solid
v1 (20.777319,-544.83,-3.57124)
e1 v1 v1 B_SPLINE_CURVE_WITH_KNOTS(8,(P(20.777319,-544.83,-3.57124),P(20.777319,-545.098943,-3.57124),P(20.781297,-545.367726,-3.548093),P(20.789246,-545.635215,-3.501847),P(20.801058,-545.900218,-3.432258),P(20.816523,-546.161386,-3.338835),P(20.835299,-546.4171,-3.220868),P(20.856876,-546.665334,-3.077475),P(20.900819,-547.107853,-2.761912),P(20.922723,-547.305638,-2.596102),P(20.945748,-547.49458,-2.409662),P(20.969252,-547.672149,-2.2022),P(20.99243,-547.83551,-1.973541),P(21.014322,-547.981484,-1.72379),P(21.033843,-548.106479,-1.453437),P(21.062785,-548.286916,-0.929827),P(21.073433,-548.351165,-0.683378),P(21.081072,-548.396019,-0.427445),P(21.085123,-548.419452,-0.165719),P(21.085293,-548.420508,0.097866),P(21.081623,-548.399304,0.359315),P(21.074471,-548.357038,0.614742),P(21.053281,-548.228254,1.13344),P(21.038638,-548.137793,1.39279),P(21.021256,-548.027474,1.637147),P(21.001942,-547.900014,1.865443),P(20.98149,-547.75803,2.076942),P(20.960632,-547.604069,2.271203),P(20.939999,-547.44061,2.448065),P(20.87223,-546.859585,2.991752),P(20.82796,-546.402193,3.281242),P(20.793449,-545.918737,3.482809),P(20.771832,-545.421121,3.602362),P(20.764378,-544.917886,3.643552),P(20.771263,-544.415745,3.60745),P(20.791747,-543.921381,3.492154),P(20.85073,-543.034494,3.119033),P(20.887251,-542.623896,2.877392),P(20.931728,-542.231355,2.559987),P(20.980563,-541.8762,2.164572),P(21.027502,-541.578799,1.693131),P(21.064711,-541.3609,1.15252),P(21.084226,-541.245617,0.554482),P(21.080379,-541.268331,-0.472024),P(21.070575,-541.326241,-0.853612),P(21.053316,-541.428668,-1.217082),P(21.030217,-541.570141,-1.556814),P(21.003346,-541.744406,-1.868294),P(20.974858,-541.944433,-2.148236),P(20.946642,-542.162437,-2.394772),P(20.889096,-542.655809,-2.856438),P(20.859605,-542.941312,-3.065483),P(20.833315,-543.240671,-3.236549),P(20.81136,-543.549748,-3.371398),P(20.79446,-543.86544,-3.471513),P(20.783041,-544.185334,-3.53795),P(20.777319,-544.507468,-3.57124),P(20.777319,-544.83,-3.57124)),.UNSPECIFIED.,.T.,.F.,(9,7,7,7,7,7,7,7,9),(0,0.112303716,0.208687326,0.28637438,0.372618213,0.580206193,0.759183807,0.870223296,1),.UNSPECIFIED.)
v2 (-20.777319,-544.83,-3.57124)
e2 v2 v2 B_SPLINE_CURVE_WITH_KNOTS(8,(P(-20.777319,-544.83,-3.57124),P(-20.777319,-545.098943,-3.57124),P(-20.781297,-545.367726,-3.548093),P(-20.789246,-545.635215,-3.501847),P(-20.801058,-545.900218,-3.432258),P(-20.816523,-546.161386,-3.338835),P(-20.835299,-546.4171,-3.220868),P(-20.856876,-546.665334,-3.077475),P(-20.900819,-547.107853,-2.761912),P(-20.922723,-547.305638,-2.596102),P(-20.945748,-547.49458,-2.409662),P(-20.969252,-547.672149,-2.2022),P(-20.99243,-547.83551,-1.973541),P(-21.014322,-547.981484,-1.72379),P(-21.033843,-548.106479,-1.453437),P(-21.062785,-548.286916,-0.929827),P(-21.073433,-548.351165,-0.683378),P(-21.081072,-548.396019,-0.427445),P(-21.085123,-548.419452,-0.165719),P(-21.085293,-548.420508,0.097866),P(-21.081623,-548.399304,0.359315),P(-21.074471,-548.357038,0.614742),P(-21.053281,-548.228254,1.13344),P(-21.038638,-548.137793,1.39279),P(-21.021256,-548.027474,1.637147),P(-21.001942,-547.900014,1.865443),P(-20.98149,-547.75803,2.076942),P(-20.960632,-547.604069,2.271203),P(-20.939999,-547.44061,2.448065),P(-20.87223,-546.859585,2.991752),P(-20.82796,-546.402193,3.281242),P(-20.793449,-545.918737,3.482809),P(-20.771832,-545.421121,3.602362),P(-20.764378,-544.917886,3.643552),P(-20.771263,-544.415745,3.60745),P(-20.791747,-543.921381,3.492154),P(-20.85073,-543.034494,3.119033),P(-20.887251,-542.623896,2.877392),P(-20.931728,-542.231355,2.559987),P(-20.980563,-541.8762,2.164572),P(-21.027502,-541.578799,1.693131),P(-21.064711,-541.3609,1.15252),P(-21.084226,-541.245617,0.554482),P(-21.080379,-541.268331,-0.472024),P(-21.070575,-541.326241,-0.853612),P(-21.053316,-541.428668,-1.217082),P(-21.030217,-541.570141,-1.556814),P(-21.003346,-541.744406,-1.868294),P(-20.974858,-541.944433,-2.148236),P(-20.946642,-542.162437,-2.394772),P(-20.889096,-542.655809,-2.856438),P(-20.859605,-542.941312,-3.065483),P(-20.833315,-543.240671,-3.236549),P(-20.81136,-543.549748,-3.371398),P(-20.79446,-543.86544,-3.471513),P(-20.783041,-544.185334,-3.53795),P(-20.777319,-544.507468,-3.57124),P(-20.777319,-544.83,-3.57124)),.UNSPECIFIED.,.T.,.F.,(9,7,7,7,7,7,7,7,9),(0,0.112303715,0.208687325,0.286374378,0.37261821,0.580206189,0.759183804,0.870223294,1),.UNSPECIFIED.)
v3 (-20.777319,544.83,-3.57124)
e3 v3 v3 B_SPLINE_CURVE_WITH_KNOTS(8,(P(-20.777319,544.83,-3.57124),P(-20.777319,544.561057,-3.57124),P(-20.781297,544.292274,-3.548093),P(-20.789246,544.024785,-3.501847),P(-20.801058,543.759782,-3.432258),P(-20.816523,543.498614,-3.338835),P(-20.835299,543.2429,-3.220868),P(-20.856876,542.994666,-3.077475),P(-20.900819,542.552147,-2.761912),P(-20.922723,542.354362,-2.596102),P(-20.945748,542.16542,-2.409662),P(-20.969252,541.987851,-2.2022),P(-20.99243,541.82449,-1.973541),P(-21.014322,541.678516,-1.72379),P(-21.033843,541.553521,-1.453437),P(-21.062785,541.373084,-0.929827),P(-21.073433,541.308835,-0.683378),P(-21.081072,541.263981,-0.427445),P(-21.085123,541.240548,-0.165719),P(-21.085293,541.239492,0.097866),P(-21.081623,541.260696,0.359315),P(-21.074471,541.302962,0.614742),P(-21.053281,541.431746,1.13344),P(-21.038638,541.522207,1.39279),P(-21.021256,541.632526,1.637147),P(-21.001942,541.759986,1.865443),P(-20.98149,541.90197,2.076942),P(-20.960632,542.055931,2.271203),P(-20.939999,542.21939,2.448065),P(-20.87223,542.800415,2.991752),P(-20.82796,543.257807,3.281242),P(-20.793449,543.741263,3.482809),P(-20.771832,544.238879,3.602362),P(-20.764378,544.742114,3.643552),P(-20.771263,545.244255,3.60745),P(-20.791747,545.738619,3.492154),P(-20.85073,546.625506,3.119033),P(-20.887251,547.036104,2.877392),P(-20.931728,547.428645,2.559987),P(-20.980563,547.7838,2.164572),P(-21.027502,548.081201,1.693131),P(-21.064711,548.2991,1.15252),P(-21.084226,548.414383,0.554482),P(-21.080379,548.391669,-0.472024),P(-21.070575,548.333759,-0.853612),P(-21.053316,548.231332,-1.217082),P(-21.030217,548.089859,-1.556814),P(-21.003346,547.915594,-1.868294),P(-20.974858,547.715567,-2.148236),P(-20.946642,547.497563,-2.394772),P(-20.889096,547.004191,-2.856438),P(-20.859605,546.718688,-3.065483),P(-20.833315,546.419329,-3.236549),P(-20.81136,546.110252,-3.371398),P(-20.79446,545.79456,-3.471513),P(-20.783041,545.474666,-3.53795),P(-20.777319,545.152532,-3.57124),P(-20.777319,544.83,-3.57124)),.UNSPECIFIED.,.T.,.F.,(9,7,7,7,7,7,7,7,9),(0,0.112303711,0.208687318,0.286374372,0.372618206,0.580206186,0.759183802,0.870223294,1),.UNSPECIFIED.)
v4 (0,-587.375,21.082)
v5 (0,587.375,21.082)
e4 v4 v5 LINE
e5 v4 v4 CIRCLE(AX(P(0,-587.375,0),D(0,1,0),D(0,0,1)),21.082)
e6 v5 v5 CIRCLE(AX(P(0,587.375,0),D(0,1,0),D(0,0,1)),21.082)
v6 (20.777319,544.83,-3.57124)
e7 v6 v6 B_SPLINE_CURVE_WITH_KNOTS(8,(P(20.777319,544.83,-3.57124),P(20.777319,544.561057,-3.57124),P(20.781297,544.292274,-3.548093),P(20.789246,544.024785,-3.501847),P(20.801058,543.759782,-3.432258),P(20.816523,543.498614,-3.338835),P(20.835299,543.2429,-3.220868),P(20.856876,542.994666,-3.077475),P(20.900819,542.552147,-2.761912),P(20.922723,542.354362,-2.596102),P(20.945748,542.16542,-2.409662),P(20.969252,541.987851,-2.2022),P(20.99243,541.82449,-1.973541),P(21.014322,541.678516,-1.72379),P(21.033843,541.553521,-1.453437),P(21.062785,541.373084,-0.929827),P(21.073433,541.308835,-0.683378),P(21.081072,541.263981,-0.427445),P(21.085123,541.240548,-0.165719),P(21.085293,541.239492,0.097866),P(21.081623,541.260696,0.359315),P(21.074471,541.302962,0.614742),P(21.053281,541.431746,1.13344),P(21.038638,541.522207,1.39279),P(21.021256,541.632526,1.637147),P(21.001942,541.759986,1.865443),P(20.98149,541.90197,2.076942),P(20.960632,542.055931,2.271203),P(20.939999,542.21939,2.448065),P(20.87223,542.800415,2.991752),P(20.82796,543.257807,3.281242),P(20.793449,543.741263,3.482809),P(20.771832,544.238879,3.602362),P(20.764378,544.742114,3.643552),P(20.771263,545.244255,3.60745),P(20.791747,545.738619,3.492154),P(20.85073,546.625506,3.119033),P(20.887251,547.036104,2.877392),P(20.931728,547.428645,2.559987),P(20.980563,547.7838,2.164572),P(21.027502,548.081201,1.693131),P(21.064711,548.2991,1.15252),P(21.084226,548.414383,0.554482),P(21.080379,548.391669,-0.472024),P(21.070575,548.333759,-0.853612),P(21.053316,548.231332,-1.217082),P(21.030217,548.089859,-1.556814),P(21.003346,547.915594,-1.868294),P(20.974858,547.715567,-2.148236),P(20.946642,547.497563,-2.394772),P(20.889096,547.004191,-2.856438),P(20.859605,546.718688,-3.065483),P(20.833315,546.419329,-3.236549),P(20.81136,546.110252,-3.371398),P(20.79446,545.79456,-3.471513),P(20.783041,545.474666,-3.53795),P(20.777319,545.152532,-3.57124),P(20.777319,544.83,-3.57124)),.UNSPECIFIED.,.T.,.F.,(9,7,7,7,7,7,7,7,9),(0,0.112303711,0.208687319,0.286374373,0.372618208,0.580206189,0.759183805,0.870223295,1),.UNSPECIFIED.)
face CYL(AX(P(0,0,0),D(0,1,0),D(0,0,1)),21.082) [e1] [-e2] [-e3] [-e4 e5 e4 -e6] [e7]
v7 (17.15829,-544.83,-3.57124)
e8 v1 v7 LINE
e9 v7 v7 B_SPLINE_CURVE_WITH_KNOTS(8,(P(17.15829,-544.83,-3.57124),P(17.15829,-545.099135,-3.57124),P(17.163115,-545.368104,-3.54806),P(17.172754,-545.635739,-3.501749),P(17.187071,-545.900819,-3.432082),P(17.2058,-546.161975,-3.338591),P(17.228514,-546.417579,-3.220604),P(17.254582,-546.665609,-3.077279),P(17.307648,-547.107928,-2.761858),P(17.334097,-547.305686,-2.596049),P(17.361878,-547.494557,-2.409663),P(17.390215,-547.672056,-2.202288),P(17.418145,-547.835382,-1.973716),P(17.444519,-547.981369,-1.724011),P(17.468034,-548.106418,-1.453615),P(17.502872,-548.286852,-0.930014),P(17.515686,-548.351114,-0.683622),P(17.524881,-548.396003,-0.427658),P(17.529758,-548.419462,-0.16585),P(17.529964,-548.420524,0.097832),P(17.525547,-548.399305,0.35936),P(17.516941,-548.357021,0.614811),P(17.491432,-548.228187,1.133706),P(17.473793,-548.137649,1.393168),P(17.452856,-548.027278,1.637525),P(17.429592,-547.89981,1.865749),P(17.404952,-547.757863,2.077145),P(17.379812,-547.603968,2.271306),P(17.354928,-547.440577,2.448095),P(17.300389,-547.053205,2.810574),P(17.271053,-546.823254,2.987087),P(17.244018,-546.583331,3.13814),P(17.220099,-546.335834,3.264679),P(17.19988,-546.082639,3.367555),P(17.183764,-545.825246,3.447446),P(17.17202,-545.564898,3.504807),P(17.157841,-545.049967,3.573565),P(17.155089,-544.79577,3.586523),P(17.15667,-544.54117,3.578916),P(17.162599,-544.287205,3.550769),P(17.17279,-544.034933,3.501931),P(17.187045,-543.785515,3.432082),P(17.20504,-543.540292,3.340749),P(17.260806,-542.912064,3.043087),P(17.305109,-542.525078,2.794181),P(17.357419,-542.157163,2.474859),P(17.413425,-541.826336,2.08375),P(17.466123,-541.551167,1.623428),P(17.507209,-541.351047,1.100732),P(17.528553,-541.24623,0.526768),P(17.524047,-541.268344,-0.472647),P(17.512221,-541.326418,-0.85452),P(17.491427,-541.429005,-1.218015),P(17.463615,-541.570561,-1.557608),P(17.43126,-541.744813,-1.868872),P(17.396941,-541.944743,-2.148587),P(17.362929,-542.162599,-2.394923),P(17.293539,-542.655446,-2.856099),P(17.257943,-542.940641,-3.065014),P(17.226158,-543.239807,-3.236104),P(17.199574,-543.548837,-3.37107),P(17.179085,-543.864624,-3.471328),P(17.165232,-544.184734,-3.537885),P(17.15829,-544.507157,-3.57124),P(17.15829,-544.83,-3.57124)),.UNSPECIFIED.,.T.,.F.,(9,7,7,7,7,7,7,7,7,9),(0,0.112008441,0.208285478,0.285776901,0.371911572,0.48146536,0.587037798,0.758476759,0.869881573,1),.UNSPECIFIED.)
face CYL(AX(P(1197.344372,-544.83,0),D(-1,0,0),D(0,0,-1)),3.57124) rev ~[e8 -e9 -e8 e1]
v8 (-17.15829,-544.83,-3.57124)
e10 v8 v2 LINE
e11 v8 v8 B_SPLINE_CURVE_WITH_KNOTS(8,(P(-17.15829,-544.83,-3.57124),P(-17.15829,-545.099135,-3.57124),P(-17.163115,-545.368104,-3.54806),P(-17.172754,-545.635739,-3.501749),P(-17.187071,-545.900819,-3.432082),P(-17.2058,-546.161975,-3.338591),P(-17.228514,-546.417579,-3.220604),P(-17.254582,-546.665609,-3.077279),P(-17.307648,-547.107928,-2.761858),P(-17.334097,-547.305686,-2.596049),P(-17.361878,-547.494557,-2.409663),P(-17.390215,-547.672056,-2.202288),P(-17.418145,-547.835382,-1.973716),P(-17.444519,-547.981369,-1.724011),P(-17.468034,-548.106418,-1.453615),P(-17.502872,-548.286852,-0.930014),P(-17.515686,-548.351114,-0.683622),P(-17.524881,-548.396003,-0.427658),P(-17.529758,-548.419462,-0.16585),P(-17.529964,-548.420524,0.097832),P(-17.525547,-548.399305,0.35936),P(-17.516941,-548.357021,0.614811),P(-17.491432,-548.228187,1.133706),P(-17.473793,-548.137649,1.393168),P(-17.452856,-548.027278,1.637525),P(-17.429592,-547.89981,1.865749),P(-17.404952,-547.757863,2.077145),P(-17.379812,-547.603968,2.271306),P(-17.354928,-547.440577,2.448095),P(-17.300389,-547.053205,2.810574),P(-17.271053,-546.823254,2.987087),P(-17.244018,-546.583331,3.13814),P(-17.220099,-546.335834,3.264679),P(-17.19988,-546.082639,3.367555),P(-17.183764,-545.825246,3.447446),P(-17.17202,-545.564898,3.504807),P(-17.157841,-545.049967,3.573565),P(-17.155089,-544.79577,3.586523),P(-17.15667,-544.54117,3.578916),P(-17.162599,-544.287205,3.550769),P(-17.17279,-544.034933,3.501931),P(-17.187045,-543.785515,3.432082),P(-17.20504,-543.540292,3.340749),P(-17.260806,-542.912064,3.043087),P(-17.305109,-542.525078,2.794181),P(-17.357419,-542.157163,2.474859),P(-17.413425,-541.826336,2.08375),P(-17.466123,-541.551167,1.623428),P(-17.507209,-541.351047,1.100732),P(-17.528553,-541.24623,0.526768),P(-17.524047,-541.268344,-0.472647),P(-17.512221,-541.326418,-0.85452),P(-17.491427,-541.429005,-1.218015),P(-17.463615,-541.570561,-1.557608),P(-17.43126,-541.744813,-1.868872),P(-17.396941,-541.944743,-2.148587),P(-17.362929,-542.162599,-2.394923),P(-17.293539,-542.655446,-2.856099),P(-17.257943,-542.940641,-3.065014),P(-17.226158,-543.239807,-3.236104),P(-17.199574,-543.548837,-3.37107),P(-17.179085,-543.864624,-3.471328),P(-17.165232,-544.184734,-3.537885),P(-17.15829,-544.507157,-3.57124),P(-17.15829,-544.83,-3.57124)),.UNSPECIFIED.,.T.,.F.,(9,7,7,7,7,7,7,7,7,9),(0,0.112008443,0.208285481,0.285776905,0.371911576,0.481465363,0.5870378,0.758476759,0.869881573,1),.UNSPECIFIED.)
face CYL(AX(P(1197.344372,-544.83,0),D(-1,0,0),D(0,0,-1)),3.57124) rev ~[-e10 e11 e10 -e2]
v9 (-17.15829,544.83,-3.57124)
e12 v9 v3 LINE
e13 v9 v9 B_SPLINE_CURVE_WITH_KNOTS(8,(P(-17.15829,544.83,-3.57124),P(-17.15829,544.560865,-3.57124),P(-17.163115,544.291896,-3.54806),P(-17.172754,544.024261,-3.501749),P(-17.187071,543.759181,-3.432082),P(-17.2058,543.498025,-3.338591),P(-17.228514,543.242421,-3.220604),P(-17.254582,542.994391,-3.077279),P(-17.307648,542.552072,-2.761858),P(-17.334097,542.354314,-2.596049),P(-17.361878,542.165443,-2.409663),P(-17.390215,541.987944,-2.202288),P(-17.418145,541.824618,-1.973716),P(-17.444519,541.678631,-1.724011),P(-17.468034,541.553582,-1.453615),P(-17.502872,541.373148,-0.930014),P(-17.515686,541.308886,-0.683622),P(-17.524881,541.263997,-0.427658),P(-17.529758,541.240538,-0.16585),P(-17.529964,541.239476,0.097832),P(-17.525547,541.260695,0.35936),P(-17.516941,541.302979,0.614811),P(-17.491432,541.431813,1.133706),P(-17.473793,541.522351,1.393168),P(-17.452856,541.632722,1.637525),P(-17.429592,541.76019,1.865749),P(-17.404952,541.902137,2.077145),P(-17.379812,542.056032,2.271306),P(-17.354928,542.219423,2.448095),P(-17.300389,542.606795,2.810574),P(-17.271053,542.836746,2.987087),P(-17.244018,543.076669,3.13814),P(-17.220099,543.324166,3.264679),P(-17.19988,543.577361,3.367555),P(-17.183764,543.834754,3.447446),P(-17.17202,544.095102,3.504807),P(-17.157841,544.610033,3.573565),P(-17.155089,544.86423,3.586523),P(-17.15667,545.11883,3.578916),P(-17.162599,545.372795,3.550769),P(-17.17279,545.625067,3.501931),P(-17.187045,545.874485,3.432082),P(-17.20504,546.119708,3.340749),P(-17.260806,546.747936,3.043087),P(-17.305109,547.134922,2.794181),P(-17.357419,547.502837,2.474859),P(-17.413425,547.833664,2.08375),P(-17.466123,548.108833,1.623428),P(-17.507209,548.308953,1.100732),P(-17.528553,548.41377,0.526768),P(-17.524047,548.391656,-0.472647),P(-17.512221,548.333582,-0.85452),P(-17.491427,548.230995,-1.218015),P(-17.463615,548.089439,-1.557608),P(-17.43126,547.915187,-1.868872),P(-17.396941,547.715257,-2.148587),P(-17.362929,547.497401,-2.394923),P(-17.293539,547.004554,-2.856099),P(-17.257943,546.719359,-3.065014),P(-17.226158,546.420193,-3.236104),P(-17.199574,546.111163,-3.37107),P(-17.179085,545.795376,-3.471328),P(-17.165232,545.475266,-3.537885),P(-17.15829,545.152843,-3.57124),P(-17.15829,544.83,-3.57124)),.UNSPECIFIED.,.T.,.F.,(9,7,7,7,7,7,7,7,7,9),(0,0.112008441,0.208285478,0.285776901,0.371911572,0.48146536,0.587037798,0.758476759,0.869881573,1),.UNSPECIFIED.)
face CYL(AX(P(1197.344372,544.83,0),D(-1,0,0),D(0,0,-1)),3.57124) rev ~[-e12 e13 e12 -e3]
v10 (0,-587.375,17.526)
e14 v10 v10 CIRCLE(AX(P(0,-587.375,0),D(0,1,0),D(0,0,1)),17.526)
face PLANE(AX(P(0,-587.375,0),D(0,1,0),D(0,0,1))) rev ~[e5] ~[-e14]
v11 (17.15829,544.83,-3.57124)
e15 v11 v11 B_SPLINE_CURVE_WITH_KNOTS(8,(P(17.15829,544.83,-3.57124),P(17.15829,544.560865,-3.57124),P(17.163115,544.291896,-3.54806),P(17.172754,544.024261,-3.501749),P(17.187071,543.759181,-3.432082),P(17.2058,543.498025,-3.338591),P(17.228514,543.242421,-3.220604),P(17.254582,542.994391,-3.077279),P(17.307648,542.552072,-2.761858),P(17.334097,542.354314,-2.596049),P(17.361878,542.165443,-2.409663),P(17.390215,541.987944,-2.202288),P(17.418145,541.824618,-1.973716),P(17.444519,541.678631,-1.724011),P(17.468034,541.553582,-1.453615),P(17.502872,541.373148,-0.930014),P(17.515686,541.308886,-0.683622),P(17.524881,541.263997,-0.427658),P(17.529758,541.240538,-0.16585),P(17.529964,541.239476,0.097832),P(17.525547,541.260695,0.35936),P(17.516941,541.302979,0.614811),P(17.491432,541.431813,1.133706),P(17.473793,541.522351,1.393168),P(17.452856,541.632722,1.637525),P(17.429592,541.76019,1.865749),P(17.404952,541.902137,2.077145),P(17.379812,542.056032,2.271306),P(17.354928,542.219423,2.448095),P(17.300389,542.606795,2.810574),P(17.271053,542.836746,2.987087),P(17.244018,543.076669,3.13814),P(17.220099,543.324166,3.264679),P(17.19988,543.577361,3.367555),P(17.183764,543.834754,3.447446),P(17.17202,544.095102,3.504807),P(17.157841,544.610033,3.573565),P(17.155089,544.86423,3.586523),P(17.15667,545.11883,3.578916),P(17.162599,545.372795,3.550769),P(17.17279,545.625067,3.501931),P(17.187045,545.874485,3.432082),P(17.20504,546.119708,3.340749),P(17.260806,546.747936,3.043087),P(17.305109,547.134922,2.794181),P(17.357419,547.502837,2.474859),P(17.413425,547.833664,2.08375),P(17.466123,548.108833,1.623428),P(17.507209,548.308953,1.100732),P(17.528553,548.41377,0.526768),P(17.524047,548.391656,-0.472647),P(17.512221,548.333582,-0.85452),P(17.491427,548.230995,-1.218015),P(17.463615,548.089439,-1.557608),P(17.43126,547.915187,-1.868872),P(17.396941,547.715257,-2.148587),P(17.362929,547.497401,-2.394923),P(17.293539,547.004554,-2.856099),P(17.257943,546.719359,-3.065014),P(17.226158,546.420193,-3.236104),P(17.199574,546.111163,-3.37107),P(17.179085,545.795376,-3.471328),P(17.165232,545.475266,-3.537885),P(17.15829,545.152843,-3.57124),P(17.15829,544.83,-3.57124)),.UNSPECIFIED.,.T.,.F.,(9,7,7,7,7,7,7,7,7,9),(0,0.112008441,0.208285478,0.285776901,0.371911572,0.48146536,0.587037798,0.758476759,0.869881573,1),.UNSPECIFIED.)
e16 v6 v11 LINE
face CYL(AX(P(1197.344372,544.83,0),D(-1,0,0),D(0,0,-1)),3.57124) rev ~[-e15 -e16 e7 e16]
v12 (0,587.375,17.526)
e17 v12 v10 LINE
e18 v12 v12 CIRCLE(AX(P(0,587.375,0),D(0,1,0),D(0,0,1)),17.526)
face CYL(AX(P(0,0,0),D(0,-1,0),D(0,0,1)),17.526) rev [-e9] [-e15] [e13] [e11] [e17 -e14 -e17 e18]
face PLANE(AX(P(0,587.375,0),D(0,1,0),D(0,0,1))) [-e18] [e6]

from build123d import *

# Parameters (mm, degrees)
SKETCH2_R               = 21.082
SKETCH2_R_2             = 17.526
BOSS_EXTRUDE1_DEPTH     = 587.375
F_1_4_CLEARANCE_HOLE1_D = 7.14248


with BuildPart() as part:
    # Sketch2 → Boss-Extrude1 (new, symmetric)
    with BuildSketch(Plane(origin=(0, 0, 0), x_dir=(1, 0, 0), z_dir=(0, 1, 0))):
        with Locations(Location((0, 0, 0), (0, 0, 270))):
            Circle(SKETCH2_R)
        with Locations(Location((0, 0, 0), (0, 0, 270))):
            Circle(SKETCH2_R_2, mode=Mode.SUBTRACT)
    extrude(amount=BOSS_EXTRUDE1_DEPTH, both=True)

    # 1/4 Clearance Hole1 (through all)
    with Locations(Plane(origin=(21.082, 544.83, 0), x_dir=(0, 0, 1), z_dir=(1, 0, 0))):
        with Locations((0, 0), (0, 1089.66)):
            Hole(F_1_4_CLEARANCE_HOLE1_D / 2)


solid = part.part
